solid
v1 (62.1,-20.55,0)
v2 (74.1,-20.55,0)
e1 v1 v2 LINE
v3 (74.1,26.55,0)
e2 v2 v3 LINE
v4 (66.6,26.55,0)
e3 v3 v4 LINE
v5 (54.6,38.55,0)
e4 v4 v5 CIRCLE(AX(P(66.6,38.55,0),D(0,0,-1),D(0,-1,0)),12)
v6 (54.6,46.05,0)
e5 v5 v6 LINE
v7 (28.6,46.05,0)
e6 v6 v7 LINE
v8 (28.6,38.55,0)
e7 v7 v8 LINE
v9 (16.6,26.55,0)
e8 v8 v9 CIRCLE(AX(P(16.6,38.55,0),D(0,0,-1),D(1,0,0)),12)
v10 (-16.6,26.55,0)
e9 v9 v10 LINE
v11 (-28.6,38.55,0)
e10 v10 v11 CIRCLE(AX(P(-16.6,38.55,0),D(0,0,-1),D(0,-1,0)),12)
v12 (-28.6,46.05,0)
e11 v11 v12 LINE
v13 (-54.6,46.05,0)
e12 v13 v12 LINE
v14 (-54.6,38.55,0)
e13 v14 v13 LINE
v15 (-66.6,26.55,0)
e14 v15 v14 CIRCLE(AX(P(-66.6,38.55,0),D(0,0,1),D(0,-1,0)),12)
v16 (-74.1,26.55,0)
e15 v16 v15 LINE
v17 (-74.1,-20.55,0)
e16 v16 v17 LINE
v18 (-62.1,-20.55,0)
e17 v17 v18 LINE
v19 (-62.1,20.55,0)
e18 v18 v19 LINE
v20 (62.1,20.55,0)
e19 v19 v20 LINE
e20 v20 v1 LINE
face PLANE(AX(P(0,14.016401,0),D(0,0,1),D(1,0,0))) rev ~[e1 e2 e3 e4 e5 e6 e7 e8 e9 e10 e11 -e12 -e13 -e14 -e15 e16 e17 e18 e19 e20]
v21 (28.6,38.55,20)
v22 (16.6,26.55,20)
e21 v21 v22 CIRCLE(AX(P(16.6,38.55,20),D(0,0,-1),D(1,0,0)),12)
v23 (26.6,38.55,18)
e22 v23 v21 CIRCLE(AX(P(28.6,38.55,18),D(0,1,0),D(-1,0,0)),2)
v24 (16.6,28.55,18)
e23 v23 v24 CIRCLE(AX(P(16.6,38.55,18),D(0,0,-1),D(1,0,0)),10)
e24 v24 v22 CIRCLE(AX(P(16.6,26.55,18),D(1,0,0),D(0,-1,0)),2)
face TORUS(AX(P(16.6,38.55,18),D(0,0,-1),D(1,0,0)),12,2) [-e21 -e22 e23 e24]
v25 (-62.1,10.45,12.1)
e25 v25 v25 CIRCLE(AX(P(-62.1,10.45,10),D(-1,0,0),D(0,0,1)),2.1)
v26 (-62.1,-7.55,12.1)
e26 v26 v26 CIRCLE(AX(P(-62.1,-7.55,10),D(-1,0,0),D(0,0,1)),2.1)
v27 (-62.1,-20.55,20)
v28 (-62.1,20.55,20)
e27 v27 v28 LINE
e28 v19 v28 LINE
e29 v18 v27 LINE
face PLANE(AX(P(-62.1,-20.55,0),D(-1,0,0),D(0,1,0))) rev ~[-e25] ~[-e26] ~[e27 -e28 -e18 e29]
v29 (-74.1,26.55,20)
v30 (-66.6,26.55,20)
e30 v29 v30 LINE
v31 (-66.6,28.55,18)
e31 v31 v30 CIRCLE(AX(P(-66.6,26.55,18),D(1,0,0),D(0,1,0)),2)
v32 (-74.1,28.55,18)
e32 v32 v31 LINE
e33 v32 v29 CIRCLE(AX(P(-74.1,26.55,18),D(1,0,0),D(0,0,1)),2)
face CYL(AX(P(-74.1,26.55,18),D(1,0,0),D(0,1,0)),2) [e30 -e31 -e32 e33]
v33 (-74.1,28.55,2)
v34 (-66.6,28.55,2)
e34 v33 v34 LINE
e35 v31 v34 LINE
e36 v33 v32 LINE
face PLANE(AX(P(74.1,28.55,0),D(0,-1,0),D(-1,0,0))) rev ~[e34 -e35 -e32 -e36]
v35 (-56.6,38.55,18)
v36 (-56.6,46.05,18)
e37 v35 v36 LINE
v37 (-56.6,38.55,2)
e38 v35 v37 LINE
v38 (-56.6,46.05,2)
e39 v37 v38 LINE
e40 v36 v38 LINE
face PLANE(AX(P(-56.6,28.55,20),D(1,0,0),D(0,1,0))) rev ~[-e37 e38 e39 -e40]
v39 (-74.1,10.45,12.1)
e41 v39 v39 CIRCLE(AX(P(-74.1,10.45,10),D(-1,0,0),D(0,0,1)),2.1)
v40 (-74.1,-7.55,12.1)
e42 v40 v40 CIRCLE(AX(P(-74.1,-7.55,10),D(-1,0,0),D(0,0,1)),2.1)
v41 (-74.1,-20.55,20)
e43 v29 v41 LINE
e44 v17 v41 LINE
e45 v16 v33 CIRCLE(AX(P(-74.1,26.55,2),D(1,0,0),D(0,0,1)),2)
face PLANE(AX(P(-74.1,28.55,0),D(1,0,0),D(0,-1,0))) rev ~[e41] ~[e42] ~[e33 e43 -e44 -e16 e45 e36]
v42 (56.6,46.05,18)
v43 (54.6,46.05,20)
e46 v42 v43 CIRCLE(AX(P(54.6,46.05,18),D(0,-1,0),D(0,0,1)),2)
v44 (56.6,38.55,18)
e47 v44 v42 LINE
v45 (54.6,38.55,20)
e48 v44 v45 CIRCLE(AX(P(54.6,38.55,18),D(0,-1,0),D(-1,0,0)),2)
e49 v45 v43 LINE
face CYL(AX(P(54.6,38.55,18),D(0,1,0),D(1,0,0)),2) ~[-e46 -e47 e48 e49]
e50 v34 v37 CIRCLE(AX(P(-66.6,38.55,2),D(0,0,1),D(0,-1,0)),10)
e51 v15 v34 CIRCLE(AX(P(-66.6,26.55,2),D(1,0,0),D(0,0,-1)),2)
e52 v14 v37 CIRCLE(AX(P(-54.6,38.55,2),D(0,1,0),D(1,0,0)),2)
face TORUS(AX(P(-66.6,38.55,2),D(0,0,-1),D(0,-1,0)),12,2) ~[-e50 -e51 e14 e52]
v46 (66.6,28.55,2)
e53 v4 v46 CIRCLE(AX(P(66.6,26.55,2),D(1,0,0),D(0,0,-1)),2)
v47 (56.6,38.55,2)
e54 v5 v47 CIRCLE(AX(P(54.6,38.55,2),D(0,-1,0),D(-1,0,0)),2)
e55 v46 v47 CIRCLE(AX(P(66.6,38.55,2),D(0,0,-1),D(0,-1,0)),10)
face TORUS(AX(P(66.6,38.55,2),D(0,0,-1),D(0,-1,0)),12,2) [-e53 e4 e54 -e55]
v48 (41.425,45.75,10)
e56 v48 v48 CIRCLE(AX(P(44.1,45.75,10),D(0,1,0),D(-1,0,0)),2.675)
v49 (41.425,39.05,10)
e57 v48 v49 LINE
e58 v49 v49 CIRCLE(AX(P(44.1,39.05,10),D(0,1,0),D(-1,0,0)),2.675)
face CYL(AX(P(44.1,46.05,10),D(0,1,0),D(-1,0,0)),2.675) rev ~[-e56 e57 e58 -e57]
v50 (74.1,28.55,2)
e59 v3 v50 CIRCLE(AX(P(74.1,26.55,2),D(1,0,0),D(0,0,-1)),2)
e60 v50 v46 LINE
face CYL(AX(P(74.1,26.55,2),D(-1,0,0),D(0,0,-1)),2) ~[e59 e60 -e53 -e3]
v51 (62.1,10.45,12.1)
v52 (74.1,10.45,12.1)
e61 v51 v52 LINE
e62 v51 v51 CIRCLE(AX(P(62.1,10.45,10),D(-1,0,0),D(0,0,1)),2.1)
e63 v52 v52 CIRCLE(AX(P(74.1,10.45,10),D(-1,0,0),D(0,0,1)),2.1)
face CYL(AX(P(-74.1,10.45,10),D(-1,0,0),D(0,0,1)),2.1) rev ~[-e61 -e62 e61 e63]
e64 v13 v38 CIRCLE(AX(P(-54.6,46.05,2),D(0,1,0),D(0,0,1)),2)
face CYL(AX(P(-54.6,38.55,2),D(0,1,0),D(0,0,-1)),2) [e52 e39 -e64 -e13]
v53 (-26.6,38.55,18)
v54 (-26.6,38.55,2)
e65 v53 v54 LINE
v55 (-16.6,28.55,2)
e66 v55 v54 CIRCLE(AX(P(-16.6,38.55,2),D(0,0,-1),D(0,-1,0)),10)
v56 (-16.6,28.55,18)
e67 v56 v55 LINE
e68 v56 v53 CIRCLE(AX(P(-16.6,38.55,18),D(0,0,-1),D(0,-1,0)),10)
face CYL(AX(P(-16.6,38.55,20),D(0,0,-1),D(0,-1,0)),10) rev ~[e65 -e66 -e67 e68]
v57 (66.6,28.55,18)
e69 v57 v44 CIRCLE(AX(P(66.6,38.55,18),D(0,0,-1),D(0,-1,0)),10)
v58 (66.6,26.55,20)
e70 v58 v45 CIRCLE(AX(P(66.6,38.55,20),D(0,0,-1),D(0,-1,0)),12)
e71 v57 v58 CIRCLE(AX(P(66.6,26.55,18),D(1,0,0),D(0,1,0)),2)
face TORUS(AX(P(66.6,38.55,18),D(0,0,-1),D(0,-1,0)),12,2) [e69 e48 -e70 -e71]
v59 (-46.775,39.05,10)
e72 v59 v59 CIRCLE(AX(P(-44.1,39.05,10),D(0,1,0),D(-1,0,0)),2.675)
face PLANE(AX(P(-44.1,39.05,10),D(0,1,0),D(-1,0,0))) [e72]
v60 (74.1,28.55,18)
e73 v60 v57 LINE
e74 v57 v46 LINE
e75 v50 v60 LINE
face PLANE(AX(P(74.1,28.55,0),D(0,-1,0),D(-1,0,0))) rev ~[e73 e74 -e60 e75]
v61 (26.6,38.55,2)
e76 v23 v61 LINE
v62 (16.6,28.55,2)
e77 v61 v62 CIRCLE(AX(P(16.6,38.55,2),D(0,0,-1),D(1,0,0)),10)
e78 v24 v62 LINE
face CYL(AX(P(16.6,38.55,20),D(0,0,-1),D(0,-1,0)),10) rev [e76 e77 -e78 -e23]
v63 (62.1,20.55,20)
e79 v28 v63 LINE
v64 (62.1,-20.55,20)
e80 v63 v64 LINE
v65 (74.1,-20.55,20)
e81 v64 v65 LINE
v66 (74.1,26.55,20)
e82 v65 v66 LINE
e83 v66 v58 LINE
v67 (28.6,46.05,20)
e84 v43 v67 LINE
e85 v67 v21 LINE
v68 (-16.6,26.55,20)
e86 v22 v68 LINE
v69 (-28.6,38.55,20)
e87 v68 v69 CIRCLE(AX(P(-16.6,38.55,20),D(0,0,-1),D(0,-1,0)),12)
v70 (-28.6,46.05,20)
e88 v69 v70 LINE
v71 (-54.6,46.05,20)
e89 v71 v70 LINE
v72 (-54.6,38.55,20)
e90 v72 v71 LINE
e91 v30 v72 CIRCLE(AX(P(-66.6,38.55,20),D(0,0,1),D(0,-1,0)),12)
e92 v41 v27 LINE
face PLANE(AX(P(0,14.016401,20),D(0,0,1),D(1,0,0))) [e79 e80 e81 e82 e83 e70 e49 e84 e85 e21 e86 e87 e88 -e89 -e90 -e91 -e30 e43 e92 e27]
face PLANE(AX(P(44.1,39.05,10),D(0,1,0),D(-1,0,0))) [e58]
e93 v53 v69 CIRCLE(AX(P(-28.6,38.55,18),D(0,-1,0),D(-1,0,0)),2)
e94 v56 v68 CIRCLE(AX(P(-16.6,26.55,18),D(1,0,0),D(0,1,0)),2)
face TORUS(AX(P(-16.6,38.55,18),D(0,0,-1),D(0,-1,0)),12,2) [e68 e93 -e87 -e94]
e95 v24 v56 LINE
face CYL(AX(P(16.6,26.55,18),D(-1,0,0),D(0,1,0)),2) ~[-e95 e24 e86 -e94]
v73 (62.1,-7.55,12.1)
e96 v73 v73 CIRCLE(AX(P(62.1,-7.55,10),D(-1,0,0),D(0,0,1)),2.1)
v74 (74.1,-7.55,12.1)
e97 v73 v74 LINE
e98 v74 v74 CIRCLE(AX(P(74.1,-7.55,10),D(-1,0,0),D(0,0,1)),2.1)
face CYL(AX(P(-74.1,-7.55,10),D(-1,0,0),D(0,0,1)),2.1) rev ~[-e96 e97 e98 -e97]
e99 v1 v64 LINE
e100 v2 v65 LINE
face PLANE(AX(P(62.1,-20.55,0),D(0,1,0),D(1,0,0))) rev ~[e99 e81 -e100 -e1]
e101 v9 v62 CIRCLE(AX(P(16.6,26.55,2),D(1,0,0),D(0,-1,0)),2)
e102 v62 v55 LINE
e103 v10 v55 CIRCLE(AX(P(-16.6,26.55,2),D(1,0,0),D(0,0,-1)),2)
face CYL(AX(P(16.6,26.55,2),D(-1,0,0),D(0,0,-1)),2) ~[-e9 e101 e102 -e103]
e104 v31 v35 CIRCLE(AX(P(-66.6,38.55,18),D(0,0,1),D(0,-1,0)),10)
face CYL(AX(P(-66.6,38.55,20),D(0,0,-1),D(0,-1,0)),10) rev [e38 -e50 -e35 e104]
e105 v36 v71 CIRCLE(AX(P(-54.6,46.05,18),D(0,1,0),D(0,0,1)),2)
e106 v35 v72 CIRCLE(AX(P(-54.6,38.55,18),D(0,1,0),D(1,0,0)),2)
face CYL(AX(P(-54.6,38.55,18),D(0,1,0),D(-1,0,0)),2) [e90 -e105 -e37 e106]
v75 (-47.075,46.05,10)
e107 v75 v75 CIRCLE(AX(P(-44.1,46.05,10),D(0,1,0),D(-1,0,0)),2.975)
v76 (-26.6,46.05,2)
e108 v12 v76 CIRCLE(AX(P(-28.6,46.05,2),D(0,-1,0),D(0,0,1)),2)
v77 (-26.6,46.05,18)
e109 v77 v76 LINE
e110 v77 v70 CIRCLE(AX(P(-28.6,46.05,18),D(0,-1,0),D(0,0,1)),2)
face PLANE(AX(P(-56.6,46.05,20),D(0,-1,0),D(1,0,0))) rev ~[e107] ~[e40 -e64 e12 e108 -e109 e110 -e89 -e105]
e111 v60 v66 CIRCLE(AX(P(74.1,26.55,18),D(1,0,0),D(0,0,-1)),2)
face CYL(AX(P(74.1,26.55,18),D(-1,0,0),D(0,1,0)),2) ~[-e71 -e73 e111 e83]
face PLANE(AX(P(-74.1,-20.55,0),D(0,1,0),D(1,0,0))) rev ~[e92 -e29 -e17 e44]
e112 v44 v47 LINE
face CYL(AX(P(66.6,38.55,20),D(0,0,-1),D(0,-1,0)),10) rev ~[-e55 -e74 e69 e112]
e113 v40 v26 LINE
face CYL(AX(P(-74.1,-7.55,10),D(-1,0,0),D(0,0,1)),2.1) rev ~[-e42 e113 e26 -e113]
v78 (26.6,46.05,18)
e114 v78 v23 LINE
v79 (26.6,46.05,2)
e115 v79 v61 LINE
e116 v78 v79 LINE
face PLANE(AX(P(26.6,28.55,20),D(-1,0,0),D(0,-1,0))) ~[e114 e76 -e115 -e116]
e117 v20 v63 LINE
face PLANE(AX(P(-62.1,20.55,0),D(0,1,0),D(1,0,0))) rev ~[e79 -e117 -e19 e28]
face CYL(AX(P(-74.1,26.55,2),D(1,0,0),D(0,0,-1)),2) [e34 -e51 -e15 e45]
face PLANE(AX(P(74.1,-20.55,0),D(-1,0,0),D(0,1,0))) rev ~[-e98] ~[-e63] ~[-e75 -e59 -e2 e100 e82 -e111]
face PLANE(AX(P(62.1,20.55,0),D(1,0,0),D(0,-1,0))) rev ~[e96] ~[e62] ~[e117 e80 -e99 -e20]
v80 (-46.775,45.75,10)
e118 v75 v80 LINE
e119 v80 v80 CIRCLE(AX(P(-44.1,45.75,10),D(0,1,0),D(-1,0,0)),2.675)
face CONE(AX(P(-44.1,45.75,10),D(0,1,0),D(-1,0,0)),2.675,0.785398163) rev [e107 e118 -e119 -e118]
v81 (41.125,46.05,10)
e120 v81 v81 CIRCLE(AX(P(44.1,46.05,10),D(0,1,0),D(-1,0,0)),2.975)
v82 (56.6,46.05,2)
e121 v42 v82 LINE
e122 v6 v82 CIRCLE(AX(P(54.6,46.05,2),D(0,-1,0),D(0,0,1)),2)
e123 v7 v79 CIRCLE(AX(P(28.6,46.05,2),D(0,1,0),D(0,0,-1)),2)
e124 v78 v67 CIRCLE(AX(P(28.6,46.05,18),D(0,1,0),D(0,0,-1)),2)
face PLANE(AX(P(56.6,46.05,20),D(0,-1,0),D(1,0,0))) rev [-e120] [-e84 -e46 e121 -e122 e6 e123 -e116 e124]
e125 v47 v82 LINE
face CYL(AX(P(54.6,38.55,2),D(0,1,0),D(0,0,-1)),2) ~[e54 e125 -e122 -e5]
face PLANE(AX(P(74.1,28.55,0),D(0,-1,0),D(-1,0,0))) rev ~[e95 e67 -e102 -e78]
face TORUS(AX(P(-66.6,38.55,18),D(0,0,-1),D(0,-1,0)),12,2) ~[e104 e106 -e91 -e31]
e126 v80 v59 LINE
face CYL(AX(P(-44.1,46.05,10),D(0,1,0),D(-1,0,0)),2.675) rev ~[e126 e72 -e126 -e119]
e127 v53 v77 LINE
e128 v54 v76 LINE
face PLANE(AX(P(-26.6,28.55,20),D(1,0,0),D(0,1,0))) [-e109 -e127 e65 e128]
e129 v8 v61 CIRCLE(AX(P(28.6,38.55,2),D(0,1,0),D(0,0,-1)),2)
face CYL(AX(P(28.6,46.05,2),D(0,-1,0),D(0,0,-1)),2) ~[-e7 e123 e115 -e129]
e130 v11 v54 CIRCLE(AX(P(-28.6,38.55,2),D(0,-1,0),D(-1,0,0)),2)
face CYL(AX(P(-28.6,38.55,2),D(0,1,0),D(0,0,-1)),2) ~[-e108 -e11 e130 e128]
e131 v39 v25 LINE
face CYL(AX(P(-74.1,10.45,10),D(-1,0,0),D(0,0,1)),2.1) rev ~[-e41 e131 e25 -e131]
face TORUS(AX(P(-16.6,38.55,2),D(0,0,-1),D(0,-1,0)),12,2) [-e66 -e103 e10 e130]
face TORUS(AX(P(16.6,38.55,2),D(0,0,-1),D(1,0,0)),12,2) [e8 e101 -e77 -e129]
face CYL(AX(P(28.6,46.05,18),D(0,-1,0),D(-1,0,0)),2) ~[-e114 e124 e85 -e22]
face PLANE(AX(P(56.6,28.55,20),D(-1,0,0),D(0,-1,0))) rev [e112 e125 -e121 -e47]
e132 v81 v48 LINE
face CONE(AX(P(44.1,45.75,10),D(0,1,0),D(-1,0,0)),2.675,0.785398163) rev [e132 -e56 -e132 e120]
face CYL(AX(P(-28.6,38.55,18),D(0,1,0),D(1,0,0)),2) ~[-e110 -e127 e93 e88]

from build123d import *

# Parameters (mm, degrees)
BOSS_EXTRUDE1_DEPTH  = 20
SKETCH2_R            = 2.1
CUT_EXTRUDE1_DEPTH   = 149
SKETCH3_W            = 30
SKETCH3_H            = 17.5
BOSS_EXTRUDE2_DEPTH  = 20
FILLET1_R            = 10
FILLET1_OF_MIRROR1_R = 10
FILLET2_R            = 2
SKETCH4_R            = 2.675
CUT_EXTRUDE2_DEPTH   = 7
CHAMFER1_SIZE        = 0.3


with BuildPart() as part:
    # Sketch1 → Boss-Extrude1 (new body)
    with BuildSketch(Plane.XY):
        Polygon((-74.1, 28.55), (-74.1, -20.55), (-62.1, -20.55), (-62.1, 20.55), (62.1, 20.55), (62.1, -20.55), (74.1, -20.55), (74.1, 28.55), align=None)
    extrude(amount=BOSS_EXTRUDE1_DEPTH)

    # Sketch2 → Cut-Extrude1 (cut)
    with BuildSketch(Plane.ZY.offset(74.1)):
        with Locations((10, 10.45)):
            Circle(SKETCH2_R)
        with Locations((10, -7.55)):
            Circle(SKETCH2_R)
    extrude(amount=-CUT_EXTRUDE1_DEPTH, mode=Mode.SUBTRACT)

    # Sketch3 → Boss-Extrude2 (add)
    with BuildSketch(Plane.XY.offset(20)):
        with Locations((-41.6, 37.3)):
            Rectangle(SKETCH3_W, SKETCH3_H)
    boss_extrude2 = extrude(amount=-BOSS_EXTRUDE2_DEPTH)

    # Fillet1
    fillet1_edges = [part.edges().sort_by_distance(p)[0] for p in [
        (-26.6, 28.55, 10),
        (-56.6, 28.55, 10),
    ]]
    fillet(fillet1_edges, radius=FILLET1_R)

    # Mirror1: Boss-Extrude2 across plane
    add(boss_extrude2.mirror(Plane(origin=(0, 0, 0), x_dir=(0, 0, 1), z_dir=(1, 0, 0))))

    # Fillet1 of Mirror1
    fillet1_of_mirror1_edges = [part.edges().sort_by_distance(p)[0] for p in [
        (26.6, 28.55, 10),
        (56.6, 28.55, 10),
    ]]
    fillet(fillet1_of_mirror1_edges, radius=FILLET1_OF_MIRROR1_R)

    # Fillet2
    fillet2_edges = [part.edges().sort_by_distance(p)[0] for p in [
        (70.35, 28.55, 20),
        (-56.6, 42.3, 0),
        (-56.6, 42.3, 20),
        (-26.6, 42.3, 20),
        (-26.6, 42.3, 0),
        (-70.35, 28.55, 0),
        (-70.35, 28.55, 20),
        (-23.671067812, 31.478932188, 20),
        (-23.671067812, 31.478932188, 0),
        (-59.528932188, 31.478932188, 20),
        (-59.528932188, 31.478932188, 0),
        (56.6, 42.3, 20),
        (56.6, 42.3, 0),
        (26.6, 42.3, 20),
        (26.6, 42.3, 0),
        (0, 28.55, 0),
        (0, 28.55, 20),
        (23.671067812, 31.478932188, 20),
        (23.671067812, 31.478932188, 0),
        (59.528932188, 31.478932188, 20),
        (59.528932188, 31.478932188, 0),
        (70.35, 28.55, 0),
    ]]
    fillet(fillet2_edges, radius=FILLET2_R)

    # Sketch4 → Cut-Extrude2 (cut)
    with BuildSketch(Plane(origin=(0, 46.05, 0), x_dir=(1, 0, 0), z_dir=(0, 1, 0))):
        with Locations(Location((44.1, -10, 0), (0, 0, 180))):
            Circle(SKETCH4_R)
        with Locations(Location((-44.1, -10, 0), (0, 0, 180))):
            Circle(SKETCH4_R)
    extrude(amount=-CUT_EXTRUDE2_DEPTH, mode=Mode.SUBTRACT)

    # Chamfer1
    chamfer1_edges = [part.edges().sort_by_distance(p)[0] for p in [
        (46.775, 46.05, 10),
        (-41.425, 46.05, 10),
    ]]
    chamfer(chamfer1_edges, length=CHAMFER1_SIZE)


solid = part.part
